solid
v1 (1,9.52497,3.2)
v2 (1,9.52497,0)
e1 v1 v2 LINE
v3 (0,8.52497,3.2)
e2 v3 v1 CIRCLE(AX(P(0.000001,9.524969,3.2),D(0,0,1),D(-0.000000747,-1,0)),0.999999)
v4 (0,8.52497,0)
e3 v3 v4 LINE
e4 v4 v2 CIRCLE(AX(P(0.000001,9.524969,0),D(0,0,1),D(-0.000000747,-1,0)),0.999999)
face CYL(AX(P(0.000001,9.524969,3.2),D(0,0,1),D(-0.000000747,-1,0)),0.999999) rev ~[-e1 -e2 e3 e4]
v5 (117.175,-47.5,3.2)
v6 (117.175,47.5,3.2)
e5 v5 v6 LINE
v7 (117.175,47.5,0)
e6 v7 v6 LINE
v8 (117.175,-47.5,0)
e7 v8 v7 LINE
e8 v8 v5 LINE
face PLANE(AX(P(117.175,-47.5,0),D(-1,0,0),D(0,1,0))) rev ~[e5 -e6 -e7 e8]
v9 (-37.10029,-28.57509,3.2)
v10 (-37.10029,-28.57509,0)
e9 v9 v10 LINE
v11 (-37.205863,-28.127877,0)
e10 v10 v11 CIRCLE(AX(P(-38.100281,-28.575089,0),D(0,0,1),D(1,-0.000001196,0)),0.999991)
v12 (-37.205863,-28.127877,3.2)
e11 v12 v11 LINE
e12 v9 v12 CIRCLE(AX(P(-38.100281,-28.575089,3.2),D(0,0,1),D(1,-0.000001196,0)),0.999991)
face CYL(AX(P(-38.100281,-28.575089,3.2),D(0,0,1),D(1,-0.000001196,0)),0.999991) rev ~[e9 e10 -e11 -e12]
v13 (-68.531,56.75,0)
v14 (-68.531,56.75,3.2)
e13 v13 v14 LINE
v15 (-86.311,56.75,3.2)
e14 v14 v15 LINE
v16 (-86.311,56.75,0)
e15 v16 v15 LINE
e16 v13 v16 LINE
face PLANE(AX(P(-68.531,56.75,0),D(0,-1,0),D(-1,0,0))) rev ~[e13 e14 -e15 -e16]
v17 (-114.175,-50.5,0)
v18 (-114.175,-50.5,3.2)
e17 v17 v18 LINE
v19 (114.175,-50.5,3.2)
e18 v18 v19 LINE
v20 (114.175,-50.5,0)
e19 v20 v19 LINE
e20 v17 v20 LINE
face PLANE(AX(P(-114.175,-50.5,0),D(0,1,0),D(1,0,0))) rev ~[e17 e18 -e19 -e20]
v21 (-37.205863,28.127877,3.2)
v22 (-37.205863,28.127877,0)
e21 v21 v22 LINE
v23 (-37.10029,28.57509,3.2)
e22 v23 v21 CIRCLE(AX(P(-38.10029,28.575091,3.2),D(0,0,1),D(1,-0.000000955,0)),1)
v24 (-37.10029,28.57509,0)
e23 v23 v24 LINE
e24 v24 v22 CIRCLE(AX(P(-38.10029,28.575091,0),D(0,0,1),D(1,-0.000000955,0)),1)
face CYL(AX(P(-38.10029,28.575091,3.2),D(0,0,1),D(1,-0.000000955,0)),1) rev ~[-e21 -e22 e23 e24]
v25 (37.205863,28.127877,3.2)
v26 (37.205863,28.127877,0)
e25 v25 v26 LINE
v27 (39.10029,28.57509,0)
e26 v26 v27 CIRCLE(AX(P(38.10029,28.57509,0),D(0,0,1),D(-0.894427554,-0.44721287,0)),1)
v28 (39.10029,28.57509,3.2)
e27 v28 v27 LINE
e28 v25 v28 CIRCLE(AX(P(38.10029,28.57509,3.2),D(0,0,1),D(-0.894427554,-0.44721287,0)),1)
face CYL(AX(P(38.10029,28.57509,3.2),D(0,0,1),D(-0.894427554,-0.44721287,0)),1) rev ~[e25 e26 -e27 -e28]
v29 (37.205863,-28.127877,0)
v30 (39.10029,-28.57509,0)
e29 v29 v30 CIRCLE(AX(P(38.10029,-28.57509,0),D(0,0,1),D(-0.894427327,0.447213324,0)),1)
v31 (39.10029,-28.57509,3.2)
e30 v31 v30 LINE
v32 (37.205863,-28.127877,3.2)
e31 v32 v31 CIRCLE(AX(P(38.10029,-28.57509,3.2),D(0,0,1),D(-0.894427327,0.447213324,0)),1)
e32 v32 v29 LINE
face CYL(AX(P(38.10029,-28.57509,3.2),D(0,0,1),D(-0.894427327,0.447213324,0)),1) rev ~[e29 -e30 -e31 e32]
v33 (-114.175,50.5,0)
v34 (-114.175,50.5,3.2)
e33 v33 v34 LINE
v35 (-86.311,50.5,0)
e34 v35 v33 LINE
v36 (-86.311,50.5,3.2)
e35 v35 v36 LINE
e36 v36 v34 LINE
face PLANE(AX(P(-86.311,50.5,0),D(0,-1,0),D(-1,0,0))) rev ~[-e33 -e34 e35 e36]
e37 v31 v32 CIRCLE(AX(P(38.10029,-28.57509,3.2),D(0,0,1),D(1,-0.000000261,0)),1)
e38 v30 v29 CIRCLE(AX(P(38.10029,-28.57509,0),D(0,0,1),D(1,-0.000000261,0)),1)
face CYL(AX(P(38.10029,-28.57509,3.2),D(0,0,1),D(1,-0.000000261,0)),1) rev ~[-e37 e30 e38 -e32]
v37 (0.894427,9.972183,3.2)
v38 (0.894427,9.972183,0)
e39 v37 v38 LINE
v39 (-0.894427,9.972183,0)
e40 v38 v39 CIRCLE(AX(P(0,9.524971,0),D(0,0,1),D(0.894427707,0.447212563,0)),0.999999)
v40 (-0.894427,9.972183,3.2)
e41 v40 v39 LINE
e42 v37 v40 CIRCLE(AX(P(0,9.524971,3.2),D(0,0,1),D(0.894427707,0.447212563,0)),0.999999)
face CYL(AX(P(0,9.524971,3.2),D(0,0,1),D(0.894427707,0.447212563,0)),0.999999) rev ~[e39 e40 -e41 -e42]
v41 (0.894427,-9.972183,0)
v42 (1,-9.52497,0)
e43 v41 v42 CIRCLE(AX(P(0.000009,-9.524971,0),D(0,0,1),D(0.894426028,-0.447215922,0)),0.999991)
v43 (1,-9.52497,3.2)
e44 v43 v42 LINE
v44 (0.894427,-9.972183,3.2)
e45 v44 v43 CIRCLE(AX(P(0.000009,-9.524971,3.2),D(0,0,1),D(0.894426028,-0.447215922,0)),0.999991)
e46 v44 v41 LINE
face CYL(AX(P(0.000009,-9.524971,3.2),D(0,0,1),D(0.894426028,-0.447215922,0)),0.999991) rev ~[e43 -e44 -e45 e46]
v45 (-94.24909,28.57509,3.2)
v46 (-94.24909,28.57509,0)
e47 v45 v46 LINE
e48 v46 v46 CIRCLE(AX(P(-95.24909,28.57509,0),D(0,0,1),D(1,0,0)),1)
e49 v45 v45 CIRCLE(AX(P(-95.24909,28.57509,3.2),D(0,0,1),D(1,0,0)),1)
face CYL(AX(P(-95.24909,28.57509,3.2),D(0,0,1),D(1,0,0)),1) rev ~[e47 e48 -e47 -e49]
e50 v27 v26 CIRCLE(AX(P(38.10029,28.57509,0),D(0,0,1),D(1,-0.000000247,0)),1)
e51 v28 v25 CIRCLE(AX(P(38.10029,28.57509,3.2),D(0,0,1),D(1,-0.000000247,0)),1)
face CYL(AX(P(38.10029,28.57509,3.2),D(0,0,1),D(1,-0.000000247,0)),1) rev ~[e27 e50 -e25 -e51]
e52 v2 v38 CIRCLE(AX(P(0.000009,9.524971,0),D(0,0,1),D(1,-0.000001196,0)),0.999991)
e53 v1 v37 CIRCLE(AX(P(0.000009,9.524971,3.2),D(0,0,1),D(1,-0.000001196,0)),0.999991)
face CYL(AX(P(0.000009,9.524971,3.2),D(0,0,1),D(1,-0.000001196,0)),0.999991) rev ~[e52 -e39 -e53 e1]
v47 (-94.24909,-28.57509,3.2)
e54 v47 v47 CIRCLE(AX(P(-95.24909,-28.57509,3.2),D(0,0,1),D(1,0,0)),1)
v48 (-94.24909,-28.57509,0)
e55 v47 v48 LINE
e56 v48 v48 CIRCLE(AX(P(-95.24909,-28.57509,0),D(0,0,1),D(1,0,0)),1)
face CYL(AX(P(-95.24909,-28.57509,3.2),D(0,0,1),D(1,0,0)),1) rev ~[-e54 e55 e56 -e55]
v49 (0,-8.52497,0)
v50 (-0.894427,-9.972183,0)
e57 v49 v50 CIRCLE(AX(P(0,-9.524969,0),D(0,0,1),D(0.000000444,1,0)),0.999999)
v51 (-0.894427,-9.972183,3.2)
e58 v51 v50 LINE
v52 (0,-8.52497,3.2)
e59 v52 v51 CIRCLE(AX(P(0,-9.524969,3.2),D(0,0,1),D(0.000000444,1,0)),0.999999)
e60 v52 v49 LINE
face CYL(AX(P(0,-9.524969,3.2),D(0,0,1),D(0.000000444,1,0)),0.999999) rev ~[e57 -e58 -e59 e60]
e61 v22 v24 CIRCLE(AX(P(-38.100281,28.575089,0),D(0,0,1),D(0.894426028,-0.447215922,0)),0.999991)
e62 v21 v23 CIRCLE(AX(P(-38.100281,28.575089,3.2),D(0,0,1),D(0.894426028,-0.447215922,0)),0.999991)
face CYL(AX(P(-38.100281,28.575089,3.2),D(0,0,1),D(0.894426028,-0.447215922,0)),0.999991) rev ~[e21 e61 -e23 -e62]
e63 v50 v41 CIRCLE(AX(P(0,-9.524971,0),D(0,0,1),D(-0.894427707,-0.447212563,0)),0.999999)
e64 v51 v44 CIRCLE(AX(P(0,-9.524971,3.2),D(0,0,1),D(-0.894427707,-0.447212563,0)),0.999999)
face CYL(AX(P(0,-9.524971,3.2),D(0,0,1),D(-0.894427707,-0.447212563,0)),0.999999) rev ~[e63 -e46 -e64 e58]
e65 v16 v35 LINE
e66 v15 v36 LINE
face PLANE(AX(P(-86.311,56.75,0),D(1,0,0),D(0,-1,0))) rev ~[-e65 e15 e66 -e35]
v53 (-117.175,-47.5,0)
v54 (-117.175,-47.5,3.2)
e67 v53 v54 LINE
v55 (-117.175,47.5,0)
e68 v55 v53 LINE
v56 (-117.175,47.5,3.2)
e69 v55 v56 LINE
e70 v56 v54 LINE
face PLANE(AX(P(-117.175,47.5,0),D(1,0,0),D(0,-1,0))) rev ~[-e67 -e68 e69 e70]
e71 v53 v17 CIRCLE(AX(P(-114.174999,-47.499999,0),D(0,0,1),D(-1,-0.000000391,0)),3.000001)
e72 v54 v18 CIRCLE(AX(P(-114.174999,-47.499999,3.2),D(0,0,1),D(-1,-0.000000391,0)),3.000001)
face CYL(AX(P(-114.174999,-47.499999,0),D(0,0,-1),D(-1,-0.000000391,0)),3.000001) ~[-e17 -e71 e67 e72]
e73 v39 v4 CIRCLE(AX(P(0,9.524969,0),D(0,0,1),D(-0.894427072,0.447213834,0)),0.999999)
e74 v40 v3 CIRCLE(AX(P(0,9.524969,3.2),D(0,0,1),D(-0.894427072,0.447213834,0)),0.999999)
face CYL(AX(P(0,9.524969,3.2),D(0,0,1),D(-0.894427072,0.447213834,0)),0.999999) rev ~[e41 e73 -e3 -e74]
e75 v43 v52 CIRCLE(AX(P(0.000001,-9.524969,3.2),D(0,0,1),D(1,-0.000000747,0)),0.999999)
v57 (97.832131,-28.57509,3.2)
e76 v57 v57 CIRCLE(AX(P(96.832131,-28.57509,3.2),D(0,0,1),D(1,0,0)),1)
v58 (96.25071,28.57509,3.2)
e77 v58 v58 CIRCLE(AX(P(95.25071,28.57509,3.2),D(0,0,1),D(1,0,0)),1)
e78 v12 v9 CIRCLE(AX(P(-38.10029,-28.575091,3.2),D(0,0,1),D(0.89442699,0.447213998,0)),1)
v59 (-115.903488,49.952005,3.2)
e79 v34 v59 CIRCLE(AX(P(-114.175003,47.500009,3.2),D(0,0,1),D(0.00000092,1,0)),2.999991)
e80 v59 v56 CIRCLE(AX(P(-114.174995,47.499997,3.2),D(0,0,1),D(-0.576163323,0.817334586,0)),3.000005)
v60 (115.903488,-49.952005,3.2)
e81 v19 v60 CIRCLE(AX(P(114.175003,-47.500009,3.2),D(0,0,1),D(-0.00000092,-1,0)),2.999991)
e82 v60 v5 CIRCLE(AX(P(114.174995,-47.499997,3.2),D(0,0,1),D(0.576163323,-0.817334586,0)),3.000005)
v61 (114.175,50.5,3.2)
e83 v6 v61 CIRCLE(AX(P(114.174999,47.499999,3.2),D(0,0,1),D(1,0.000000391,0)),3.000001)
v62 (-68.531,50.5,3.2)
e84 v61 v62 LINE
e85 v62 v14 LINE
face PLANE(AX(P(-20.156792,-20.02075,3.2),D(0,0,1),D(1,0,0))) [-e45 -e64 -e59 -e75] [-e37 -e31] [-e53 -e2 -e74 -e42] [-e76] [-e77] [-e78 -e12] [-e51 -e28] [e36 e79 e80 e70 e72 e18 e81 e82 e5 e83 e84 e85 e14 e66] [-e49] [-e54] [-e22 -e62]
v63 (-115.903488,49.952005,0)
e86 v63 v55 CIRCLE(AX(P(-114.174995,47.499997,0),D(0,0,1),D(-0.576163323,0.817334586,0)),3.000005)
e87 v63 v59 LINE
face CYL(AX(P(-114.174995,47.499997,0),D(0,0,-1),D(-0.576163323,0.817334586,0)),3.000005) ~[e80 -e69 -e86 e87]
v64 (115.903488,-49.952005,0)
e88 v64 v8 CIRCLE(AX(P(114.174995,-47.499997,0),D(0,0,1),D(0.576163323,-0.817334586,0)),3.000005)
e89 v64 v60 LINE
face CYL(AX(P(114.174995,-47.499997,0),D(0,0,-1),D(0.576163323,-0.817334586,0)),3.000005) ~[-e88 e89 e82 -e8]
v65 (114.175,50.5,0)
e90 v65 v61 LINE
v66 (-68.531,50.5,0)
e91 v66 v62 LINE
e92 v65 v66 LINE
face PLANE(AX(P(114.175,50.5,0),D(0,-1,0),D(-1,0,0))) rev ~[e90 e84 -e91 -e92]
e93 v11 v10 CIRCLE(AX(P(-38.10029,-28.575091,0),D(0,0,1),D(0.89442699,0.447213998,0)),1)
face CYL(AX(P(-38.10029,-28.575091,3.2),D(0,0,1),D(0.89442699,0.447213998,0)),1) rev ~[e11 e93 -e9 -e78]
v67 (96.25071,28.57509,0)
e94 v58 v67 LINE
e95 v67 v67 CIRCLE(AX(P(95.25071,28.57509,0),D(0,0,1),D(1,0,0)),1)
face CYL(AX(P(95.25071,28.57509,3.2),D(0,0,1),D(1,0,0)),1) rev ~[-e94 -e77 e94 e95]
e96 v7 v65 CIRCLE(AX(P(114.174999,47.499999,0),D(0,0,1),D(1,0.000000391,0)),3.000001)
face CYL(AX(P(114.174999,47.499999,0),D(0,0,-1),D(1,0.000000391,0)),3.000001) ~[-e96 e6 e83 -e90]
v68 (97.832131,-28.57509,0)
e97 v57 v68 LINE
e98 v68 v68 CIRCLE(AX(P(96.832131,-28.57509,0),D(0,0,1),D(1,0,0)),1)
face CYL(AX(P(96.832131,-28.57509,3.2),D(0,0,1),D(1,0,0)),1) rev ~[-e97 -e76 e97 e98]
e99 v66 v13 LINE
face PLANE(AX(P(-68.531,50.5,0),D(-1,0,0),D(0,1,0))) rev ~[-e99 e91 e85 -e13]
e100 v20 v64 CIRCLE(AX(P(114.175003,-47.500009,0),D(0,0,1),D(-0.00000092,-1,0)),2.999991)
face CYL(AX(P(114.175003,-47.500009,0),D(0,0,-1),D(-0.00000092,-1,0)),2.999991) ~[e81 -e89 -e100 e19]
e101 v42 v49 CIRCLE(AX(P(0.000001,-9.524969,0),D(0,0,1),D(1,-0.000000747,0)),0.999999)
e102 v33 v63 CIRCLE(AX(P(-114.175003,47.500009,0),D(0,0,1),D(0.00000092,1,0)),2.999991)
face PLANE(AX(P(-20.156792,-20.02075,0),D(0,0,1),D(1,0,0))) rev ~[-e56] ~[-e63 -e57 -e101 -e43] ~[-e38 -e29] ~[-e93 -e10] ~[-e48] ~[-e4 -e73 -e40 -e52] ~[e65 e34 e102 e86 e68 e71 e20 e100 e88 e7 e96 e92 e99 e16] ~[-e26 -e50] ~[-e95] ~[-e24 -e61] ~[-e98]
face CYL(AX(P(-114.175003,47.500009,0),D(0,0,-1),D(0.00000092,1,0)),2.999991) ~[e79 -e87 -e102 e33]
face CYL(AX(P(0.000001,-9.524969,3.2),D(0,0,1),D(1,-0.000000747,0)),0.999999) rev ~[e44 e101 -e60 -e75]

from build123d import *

# Parameters (mm, degrees)
F1_DEPTH = 3.2
F2_R     = 1
F3_DEPTH = 3.2


with BuildPart() as f1:
    # F0 (on Top) → F1 (new body)
    with BuildSketch(Plane.XY):
        with BuildLine():
            ThreePointArc((-115.903488, 49.952005), (-116.838218, 48.881038), (-117.175, 47.5))
            Line((-117.175, 47.5), (-117.175, -47.5))
            ThreePointArc((-117.175, -47.5), (-116.29632, -49.62132), (-114.175, -50.5))
            Line((-114.175, -50.5), (114.175, -50.5))
            ThreePointArc((114.175, -50.5), (115.081638, -50.359722), (115.903488, -49.952005))
            Line((115.903488, -49.952005), (0, 0))
            Line((0, 0), (-115.903488, 49.952005))
        make_face()
        with BuildLine():
            ThreePointArc((-114.175, 50.5), (-115.081638, 50.359722), (-115.903488, 49.952005))
            Line((-115.903488, 49.952005), (0, 0))
            Line((0, 0), (115.903488, -49.952005))
            ThreePointArc((115.903488, -49.952005), (116.838218, -48.881038), (117.175, -47.5))
            Line((117.175, -47.5), (117.175, 47.5))
            ThreePointArc((117.175, 47.5), (116.29632, 49.62132), (114.175, 50.5))
            Line((114.175, 50.5), (-68.531, 50.5))
            Line((-68.531, 50.5), (-68.531, 56.75))
            Line((-68.531, 56.75), (-86.311, 56.75))
            Line((-86.311, 56.75), (-86.311, 50.5))
            Line((-86.311, 50.5), (-114.175, 50.5))
        make_face()
    extrude(amount=F1_DEPTH)

    # F2 (on face) → F3 (cut)
    with BuildSketch(Plane.XY.offset(3.2)):
        with Locations((96.832131, -28.57509)):
            Circle(F2_R)
        with Locations((95.25071, 28.57509)):
            Circle(F2_R)
        with BuildLine():
            ThreePointArc((37.205863, -28.127877), (37.870537, -29.548339), (39.10029, -28.57509))
            ThreePointArc((39.10029, -28.57509), (38.330043, -27.601841), (37.205863, -28.127877))
        make_face()
        with BuildLine():
            ThreePointArc((-37.10029, -28.57509), (-37.127041, -28.345337), (-37.205863, -28.127877))
            ThreePointArc((-37.205863, -28.127877), (-39.073539, -28.804843), (-37.10029, -28.57509))
        make_face()
        with BuildLine():
            ThreePointArc((-37.10029, 28.57509), (-39.073539, 28.804843), (-37.205863, 28.127877))
            ThreePointArc((-37.205863, 28.127877), (-37.127041, 28.345337), (-37.10029, 28.57509))
        make_face()
        with BuildLine():
            ThreePointArc((39.10029, 28.57509), (37.870537, 29.548339), (37.205863, 28.127877))
            ThreePointArc((37.205863, 28.127877), (38.330043, 27.601841), (39.10029, 28.57509))
        make_face()
        with BuildLine():
            ThreePointArc((-0.894427, 9.972183), (-0.850651, 8.999239), (0, 8.52497))
            Line((0, 8.52497), (0, 9.52497))
            Line((0, 9.52497), (-0.894427, 9.972183))
        make_face()
        with BuildLine():
            Line((0, 9.52497), (0, 8.52497))
            ThreePointArc((0, 8.52497), (0.707107, 8.817863), (1, 9.52497))
            ThreePointArc((1, 9.52497), (0.973249, 9.754723), (0.894427, 9.972183))
            Line((0.894427, 9.972183), (0, 9.52497))
        make_face()
        with BuildLine():
            ThreePointArc((-0.894427, -9.972183), (0, -10.52497), (0.894427, -9.972183))
            Line((0.894427, -9.972183), (0, -9.52497))
            Line((0, -9.52497), (-0.894427, -9.972183))
        make_face()
        with BuildLine():
            Line((0, -9.52497), (0.894427, -9.972183))
            ThreePointArc((0.894427, -9.972183), (0.973249, -9.754723), (1, -9.52497))
            ThreePointArc((1, -9.52497), (0.707107, -8.817863), (0, -8.52497))
            Line((0, -8.52497), (0, -9.52497))
        make_face()
        with BuildLine():
            ThreePointArc((0, -8.52497), (-0.850651, -8.999239), (-0.894427, -9.972183))
            Line((-0.894427, -9.972183), (0, -9.52497))
            Line((0, -9.52497), (0, -8.52497))
        make_face()
        with BuildLine():
            ThreePointArc((0.894427, 9.972183), (0, 10.52497), (-0.894427, 9.972183))
            Line((-0.894427, 9.972183), (0, 9.52497))
            Line((0, 9.52497), (0.894427, 9.972183))
        make_face()
        with Locations((-95.24909, -28.57509)):
            Circle(F2_R)
        with Locations((-95.24909, 28.57509)):
            Circle(F2_R)
    extrude(amount=-F3_DEPTH, mode=Mode.SUBTRACT)


solid = f1.part
